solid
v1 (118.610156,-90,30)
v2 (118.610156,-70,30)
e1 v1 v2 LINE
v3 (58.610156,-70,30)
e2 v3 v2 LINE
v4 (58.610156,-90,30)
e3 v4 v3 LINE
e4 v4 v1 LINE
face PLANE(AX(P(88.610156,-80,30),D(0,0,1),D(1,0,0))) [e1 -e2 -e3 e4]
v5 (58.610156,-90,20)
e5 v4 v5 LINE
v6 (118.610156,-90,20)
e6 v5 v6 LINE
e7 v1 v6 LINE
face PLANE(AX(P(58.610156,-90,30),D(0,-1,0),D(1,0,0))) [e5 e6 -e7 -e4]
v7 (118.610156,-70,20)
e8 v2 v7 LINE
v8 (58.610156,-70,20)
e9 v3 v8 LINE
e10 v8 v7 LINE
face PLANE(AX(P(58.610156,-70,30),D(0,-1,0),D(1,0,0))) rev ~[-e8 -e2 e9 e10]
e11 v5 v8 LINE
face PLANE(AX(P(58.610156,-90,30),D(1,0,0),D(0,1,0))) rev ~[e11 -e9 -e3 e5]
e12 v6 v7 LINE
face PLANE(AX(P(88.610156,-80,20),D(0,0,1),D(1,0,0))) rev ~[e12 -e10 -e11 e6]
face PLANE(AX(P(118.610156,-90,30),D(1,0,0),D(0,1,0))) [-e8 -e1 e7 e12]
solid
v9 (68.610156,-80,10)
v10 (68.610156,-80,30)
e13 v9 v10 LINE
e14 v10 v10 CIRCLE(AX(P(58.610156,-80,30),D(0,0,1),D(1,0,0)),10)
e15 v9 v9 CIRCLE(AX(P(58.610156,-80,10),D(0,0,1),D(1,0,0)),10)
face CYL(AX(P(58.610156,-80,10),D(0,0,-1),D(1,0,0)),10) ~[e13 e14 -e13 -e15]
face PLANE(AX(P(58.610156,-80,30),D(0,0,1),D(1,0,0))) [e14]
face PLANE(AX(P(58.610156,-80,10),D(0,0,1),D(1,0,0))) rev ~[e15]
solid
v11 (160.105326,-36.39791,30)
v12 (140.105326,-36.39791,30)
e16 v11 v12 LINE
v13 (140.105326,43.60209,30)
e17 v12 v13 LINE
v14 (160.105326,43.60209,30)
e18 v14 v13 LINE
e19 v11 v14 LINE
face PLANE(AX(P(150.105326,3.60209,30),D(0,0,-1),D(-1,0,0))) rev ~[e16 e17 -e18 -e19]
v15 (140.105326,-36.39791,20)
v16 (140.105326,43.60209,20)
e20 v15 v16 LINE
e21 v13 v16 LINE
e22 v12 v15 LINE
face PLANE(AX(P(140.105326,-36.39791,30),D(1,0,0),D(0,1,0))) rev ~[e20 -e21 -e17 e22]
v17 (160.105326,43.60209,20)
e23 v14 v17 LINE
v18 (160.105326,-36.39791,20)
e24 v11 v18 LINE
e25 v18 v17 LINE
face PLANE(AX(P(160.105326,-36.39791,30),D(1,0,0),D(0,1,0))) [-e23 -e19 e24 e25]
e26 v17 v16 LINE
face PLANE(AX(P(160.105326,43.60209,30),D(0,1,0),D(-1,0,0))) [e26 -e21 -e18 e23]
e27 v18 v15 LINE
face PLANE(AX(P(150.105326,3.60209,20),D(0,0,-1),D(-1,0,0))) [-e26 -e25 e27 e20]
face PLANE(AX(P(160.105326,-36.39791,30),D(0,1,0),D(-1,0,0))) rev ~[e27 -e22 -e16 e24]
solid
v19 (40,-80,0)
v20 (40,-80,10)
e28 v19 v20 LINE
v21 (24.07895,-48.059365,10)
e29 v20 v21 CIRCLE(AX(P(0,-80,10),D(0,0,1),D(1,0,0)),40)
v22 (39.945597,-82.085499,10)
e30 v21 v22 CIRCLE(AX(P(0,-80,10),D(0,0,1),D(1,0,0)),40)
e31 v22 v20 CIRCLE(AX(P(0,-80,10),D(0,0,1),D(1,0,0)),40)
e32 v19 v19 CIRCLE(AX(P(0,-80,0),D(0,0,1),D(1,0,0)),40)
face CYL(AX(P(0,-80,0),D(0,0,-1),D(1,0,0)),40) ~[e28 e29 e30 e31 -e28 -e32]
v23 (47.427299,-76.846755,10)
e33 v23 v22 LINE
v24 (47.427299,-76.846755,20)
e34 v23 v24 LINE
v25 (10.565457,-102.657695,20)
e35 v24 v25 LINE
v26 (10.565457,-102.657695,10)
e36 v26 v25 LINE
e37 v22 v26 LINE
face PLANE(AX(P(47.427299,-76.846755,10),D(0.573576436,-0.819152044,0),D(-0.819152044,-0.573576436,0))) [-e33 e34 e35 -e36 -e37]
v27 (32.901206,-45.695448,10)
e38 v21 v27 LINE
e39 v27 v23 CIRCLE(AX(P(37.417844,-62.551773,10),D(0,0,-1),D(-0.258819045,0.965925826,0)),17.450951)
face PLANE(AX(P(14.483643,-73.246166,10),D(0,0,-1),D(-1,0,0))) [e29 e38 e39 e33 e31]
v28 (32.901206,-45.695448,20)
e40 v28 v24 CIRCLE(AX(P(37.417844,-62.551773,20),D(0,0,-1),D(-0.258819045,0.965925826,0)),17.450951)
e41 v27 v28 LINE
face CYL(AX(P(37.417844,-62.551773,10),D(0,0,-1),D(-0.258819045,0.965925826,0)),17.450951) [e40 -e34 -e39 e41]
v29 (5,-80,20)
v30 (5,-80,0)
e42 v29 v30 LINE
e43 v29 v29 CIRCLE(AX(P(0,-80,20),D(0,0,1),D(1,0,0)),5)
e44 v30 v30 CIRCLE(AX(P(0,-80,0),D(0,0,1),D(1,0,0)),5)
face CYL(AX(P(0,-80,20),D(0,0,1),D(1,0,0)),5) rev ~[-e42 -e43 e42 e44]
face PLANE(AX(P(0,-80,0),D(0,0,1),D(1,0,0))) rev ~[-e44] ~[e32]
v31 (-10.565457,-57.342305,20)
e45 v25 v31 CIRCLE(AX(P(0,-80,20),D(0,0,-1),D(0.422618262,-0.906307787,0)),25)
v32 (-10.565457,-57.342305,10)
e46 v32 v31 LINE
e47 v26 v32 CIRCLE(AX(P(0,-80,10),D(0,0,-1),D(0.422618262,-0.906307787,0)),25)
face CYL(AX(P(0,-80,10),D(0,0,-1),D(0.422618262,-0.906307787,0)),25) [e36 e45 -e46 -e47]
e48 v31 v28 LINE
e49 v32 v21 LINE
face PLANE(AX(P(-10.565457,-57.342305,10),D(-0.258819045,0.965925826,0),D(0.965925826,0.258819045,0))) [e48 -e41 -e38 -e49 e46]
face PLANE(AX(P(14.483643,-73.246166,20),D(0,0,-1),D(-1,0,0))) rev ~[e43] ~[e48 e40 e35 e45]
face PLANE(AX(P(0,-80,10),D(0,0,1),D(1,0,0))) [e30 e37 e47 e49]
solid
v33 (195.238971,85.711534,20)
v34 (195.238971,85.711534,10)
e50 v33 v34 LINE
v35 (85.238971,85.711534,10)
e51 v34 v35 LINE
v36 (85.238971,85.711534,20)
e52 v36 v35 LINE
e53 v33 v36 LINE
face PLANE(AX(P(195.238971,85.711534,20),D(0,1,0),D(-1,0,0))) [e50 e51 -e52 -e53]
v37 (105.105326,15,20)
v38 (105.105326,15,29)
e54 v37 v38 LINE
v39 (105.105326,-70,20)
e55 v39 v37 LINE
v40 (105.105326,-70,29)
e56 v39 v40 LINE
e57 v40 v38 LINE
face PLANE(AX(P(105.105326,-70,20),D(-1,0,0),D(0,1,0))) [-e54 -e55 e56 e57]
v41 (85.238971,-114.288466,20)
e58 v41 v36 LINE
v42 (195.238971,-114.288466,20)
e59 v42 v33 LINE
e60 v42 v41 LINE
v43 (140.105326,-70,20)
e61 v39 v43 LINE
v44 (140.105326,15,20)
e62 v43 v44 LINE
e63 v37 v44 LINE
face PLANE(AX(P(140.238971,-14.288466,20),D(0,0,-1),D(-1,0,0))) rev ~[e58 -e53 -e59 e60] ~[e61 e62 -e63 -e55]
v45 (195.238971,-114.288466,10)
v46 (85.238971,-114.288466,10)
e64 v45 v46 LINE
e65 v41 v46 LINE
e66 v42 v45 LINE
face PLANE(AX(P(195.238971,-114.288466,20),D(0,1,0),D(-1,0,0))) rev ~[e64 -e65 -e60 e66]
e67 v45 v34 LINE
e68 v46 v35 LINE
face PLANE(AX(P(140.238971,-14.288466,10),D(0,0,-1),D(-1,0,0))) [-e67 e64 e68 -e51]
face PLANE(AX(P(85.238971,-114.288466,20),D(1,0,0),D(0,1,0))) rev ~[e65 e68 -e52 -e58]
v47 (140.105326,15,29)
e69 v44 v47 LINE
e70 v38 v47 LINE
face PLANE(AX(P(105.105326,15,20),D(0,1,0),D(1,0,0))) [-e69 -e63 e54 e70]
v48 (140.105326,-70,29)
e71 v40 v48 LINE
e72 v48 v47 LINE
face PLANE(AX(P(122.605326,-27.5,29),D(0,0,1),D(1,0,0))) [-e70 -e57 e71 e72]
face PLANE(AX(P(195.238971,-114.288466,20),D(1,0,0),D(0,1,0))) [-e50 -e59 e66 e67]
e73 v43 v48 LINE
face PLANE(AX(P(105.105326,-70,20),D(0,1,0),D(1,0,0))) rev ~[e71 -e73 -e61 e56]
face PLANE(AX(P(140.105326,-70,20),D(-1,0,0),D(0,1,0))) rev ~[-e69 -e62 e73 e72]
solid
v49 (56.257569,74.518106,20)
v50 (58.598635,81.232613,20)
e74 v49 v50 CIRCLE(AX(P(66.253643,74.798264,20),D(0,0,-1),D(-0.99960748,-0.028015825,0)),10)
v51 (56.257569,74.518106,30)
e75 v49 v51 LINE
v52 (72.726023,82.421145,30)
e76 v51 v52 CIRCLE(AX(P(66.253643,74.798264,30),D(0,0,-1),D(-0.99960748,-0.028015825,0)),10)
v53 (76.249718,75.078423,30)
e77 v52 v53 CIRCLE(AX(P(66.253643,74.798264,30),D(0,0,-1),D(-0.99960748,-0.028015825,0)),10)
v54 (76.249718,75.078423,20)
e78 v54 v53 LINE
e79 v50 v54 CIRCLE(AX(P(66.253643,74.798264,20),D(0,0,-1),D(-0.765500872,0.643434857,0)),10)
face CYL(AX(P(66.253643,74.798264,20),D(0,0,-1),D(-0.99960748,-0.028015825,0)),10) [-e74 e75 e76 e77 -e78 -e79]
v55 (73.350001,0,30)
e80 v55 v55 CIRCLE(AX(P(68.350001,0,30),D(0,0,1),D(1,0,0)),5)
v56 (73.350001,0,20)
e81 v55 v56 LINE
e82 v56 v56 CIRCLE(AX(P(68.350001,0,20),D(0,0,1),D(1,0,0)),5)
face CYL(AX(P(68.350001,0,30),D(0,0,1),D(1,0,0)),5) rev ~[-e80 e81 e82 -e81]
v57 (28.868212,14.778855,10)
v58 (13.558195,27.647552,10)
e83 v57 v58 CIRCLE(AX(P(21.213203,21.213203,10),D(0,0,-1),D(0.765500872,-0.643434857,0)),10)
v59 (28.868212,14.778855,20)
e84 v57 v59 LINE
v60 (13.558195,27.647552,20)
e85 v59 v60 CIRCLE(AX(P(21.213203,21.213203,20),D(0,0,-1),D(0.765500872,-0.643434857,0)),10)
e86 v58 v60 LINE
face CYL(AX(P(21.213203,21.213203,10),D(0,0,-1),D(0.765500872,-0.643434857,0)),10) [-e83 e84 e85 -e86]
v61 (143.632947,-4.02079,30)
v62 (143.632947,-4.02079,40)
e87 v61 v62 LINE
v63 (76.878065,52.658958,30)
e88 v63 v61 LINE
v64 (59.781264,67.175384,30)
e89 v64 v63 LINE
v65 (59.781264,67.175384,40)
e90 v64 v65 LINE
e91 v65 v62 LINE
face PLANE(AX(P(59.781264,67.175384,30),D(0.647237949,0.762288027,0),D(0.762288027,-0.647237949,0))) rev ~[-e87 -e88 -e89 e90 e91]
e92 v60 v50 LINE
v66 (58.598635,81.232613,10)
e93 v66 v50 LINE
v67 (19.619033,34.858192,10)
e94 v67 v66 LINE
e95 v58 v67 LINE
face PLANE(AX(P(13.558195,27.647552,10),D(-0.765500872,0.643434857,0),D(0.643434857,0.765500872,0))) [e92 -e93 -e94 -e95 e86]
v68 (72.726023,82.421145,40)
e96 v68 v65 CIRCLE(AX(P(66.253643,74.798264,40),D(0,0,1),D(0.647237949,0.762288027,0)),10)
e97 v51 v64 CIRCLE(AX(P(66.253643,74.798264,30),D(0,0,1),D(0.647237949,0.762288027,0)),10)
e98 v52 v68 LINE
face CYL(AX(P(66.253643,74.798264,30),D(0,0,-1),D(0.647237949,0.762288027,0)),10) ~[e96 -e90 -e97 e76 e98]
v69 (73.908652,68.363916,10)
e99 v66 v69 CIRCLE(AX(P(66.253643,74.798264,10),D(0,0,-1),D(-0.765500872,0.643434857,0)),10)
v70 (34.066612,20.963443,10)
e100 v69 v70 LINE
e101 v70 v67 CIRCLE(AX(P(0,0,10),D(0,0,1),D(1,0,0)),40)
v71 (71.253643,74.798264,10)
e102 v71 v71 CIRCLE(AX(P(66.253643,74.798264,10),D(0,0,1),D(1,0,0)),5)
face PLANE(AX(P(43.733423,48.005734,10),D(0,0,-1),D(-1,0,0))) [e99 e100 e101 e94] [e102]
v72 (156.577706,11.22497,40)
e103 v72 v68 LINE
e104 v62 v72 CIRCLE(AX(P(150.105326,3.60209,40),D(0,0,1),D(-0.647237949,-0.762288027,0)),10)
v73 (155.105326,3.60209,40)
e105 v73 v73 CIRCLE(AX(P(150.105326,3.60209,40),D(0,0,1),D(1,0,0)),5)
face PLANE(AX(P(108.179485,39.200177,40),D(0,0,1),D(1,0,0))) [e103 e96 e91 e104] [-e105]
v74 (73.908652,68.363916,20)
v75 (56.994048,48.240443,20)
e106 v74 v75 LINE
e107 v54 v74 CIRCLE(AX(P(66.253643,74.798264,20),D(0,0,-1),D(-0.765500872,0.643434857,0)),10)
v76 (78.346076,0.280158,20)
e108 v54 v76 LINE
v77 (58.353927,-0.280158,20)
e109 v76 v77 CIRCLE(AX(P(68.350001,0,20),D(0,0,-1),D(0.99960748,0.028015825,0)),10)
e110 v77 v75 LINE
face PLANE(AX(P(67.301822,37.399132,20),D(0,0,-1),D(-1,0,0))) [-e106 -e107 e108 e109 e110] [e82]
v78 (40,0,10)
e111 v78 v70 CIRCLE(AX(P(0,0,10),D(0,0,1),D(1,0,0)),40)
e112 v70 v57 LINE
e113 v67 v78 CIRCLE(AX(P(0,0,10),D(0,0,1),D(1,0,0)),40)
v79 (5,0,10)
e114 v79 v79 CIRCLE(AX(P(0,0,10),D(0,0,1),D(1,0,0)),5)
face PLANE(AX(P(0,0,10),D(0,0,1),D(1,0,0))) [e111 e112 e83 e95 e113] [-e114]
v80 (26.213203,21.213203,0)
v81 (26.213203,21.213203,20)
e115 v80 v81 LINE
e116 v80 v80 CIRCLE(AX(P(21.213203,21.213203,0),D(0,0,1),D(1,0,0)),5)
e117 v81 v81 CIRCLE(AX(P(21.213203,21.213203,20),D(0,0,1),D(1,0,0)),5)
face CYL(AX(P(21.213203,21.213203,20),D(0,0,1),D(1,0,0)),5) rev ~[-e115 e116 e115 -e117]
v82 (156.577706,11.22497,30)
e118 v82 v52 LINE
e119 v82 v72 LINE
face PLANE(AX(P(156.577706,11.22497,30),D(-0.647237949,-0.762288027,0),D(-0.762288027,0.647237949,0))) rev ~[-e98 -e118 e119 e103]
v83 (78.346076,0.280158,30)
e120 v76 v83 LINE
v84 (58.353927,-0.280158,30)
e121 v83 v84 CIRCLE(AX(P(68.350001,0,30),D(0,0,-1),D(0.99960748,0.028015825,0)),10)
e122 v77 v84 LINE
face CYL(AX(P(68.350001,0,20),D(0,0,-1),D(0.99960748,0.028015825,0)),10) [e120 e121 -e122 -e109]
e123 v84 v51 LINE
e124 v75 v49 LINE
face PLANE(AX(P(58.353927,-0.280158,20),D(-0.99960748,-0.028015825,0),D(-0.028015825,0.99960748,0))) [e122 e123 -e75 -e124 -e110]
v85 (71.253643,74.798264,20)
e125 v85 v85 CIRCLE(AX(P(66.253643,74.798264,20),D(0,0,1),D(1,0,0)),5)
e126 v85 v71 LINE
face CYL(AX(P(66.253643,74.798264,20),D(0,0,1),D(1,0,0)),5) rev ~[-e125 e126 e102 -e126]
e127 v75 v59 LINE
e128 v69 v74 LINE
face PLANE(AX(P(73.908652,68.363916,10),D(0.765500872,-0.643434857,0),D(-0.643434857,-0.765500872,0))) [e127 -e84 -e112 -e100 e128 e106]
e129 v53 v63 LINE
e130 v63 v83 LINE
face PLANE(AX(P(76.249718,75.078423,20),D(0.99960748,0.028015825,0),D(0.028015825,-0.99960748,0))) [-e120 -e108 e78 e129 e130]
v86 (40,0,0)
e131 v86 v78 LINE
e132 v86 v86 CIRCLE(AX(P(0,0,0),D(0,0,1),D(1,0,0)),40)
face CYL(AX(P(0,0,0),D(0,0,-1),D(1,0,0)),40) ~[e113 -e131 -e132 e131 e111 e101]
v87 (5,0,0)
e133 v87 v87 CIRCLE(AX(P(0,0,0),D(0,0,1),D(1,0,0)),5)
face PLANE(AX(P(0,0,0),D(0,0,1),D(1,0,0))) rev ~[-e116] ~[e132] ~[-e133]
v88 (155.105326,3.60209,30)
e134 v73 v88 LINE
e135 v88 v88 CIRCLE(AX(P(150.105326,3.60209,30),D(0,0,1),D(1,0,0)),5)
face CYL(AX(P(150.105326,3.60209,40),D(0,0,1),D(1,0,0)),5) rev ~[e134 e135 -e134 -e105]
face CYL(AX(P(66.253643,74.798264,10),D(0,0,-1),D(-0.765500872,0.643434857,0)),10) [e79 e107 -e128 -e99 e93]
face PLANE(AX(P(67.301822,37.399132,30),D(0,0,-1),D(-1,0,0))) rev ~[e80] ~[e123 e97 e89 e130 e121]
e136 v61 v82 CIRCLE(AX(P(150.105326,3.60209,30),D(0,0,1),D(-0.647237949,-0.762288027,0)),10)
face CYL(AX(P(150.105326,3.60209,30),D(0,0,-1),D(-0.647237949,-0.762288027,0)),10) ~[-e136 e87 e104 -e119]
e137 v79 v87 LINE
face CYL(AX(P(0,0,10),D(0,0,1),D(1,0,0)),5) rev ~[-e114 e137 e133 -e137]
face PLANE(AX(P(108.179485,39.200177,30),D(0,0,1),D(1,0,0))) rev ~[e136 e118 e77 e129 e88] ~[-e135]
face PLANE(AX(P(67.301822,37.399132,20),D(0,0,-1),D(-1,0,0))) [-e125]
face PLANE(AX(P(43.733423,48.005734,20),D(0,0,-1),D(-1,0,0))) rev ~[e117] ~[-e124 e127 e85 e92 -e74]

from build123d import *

# Parameters (mm, degrees)
SKETCH_1_R          = 40
EXTRUDE_1_DEPTH     = 10
SKETCH_2_R          = 40
EXTRUDE_2_DEPTH     = 10
EXTRUDE_3_DEPTH     = 10
EXTRUDE_START       = 10
SKETCH_4_R          = 10
EXTRUDE_4_DEPTH     = 20
SKETCH_5_W          = 60
SKETCH_5_H          = 20
EXTRUDE_5_DEPTH     = 10
SKETCH_6_R          = 5
CUT_EXTRUDE_1_DEPTH = 10
EXTRUDE_6_DEPTH     = 10
SKETCH_8_R          = 5
CUT_EXTRUDE_2_DEPTH = 10
EXTRUDE_7_DEPTH     = 10
EXTRUDE_9_DEPTH     = 10
SKETCH_12_R         = 5
CUT_EXTRUDE_3_DEPTH = 10
SKETCH_13_R         = 5
CUT_EXTRUDE_4_DEPTH = 10
SKETCH_14_R         = 5
CUT_EXTRUDE_5_DEPTH = 10
SKETCH_15_W         = 20
SKETCH_15_H         = 80
EXTRUDE_10_DEPTH    = 10
SKETCH_16_W         = 110
SKETCH_16_H         = 200
EXTRUDE_11_DEPTH    = 10
SKETCH_17_W         = 35
SKETCH_17_H         = 85
EXTRUDE_12_DEPTH    = 9
SKETCH_18_R         = 5
CUT_EXTRUDE_6_DEPTH = 10
SKETCH_19_R         = 5
CUT_EXTRUDE_7_DEPTH = 20


with BuildPart() as part:
    # 草图1 → 凸台-拉伸1 (new body)
    with BuildSketch(Plane.XY):
        Circle(SKETCH_1_R)
    extrude(amount=EXTRUDE_1_DEPTH)

    # 草图6 → 切除-拉伸1 (cut)
    with BuildSketch(Plane.XY.offset(10)):
        with Locations((21.213203436, 21.213203436)):
            Circle(SKETCH_6_R)
    extrude(amount=-CUT_EXTRUDE_1_DEPTH, mode=Mode.SUBTRACT)

    # 草图7 → 凸台-拉伸6 (add)
    with BuildSketch(Plane.XY.offset(10)):
        with BuildLine():
            Line((13.558194714, 27.647552002), (58.598634676, 81.232613054))
            ThreePointArc((58.598634676, 81.232613054), (72.687991964, 82.45327321), (73.90865212, 68.363915922))
            Line((73.90865212, 68.363915922), (28.868212157, 14.77885487))
            ThreePointArc((28.868212157, 14.77885487), (14.77885487, 13.558194714), (13.558194714, 27.647552002))
        make_face()
    extrude(amount=EXTRUDE_6_DEPTH)

    # 草图8 → 切除-拉伸2 (cut)
    with BuildSketch(Plane.XY.offset(20)):
        with Locations((66.253643398, 74.798264488)):
            Circle(SKETCH_8_R)
    extrude(amount=-CUT_EXTRUDE_2_DEPTH, mode=Mode.SUBTRACT)

    # 草图9 → 凸台-拉伸7 (add)
    with BuildSketch(Plane.XY.offset(20)):
        with BuildLine():
            Line((58.353926544, -0.280158249), (56.2575686, 74.518106239))
            ThreePointArc((56.2575686, 74.518106239), (65.973485149, 84.794339286), (76.249718195, 75.078422737))
            Line((76.249718195, 75.078422737), (78.346076139, 0.280158249))
            ThreePointArc((78.346076139, 0.280158249), (68.630159591, -9.996074797), (58.353926544, -0.280158249))
        make_face()
    extrude(amount=EXTRUDE_7_DEPTH)

    # 草图10 → 凸台-拉伸9 (add)
    with BuildSketch(Plane.XY.offset(30)):
        with BuildLine():
            Line((59.781263903, 67.175384214), (143.632946923, -4.020790225))
            ThreePointArc((143.632946923, -4.020790225), (157.728206692, -2.870289445), (156.577705912, 11.224970324))
            Line((156.577705912, 11.224970324), (72.726022892, 82.421144763))
            ThreePointArc((72.726022892, 82.421144763), (58.630763123, 81.270643983), (59.781263903, 67.175384214))
        make_face()
    extrude(amount=EXTRUDE_9_DEPTH)

    # 草图12 → 切除-拉伸3 (cut)
    with BuildSketch(Plane.XY.offset(30)):
        with Locations((68.350001342, 0)):
            Circle(SKETCH_12_R)
    extrude(amount=-CUT_EXTRUDE_3_DEPTH, mode=Mode.SUBTRACT)

    # 草图13 → 切除-拉伸4 (cut)
    with BuildSketch(Plane.XY.offset(20)):
        with Locations((21.213203436, 21.213203436)):
            Circle(SKETCH_13_R)
    extrude(amount=-CUT_EXTRUDE_4_DEPTH, mode=Mode.SUBTRACT)

    # 草图14 → 切除-拉伸5 (cut)
    with BuildSketch(Plane.XY.offset(40)):
        with Locations((150.105326418, 3.602090049)):
            Circle(SKETCH_14_R)
    extrude(amount=-CUT_EXTRUDE_5_DEPTH, mode=Mode.SUBTRACT)

    # 草图18 → 切除-拉伸6 (cut)
    with BuildSketch(Plane.XY.offset(10)):
        Circle(SKETCH_18_R)
    extrude(amount=-CUT_EXTRUDE_6_DEPTH, mode=Mode.SUBTRACT)


with BuildPart() as body_2:
    # 草图2 → 凸台-拉伸2 (new body)
    with BuildSketch(Plane.XY):
        with Locations((0, -80)):
            Circle(SKETCH_2_R)
    extrude(amount=EXTRUDE_2_DEPTH)

    # 草图3 → 凸台-拉伸3 (add)
    with BuildSketch(Plane.XY.offset(10)):
        with BuildLine():
            Line((-10.565456544, -57.342305324), (32.901205639, -45.695448294))
            ThreePointArc((32.901205639, -45.695448294), (53.233777088, -55.176682071), (47.427298537, -76.84675504))
            Line((47.427298537, -76.84675504), (10.565456544, -102.657694676))
            ThreePointArc((10.565456544, -102.657694676), (-22.657694676, -90.565456544), (-10.565456544, -57.342305324))
        make_face()
    extrude(amount=EXTRUDE_3_DEPTH)

    # 草图19 → 切除-拉伸7 (cut)
    with BuildSketch(Plane.XY.offset(20)):
        with Locations((0, -80)):
            Circle(SKETCH_19_R)
    extrude(amount=-CUT_EXTRUDE_7_DEPTH, mode=Mode.SUBTRACT)


with BuildPart() as body_3:
    # 草图4 → 凸台-拉伸4 (new body)
    with BuildSketch(Plane.XY.offset(EXTRUDE_START)):
        with Locations((58.610156078, -80)):
            Circle(SKETCH_4_R)
    extrude(amount=EXTRUDE_4_DEPTH)


with BuildPart() as body_4:
    # 草图5 → 凸台-拉伸5 (new body)
    with BuildSketch(Plane.XY.offset(30)):
        with Locations((88.610156078, -80)):
            Rectangle(SKETCH_5_W, SKETCH_5_H)
    extrude(amount=-EXTRUDE_5_DEPTH)


with BuildPart() as body_5:
    # 草图15 → 凸台-拉伸10 (new body)
    with BuildSketch(Plane(origin=(0, 0, 30), x_dir=(-1, 0, 0), z_dir=(0, 0, -1))):
        with Locations((-150.105326418, 3.602090049)):
            Rectangle(SKETCH_15_W, SKETCH_15_H)
    extrude(amount=EXTRUDE_10_DEPTH)


with BuildPart() as body_6:
    # 草图16 → 凸台-拉伸11 (new body)
    with BuildSketch(Plane(origin=(0, 0, 20), x_dir=(-1, 0, 0), z_dir=(0, 0, -1))):
        with Locations((-140.23897141, -14.288466448)):
            Rectangle(SKETCH_16_W, SKETCH_16_H)
    extrude(amount=EXTRUDE_11_DEPTH)

    # 草图17 → 凸台-拉伸12 (add)
    with BuildSketch(Plane.XY.offset(20)):
        with Locations((122.605326418, -27.5)):
            Rectangle(SKETCH_17_W, SKETCH_17_H)
    extrude(amount=EXTRUDE_12_DEPTH)


solid = Compound([part.part, body_2.part, body_3.part, body_4.part, body_5.part, body_6.part])
